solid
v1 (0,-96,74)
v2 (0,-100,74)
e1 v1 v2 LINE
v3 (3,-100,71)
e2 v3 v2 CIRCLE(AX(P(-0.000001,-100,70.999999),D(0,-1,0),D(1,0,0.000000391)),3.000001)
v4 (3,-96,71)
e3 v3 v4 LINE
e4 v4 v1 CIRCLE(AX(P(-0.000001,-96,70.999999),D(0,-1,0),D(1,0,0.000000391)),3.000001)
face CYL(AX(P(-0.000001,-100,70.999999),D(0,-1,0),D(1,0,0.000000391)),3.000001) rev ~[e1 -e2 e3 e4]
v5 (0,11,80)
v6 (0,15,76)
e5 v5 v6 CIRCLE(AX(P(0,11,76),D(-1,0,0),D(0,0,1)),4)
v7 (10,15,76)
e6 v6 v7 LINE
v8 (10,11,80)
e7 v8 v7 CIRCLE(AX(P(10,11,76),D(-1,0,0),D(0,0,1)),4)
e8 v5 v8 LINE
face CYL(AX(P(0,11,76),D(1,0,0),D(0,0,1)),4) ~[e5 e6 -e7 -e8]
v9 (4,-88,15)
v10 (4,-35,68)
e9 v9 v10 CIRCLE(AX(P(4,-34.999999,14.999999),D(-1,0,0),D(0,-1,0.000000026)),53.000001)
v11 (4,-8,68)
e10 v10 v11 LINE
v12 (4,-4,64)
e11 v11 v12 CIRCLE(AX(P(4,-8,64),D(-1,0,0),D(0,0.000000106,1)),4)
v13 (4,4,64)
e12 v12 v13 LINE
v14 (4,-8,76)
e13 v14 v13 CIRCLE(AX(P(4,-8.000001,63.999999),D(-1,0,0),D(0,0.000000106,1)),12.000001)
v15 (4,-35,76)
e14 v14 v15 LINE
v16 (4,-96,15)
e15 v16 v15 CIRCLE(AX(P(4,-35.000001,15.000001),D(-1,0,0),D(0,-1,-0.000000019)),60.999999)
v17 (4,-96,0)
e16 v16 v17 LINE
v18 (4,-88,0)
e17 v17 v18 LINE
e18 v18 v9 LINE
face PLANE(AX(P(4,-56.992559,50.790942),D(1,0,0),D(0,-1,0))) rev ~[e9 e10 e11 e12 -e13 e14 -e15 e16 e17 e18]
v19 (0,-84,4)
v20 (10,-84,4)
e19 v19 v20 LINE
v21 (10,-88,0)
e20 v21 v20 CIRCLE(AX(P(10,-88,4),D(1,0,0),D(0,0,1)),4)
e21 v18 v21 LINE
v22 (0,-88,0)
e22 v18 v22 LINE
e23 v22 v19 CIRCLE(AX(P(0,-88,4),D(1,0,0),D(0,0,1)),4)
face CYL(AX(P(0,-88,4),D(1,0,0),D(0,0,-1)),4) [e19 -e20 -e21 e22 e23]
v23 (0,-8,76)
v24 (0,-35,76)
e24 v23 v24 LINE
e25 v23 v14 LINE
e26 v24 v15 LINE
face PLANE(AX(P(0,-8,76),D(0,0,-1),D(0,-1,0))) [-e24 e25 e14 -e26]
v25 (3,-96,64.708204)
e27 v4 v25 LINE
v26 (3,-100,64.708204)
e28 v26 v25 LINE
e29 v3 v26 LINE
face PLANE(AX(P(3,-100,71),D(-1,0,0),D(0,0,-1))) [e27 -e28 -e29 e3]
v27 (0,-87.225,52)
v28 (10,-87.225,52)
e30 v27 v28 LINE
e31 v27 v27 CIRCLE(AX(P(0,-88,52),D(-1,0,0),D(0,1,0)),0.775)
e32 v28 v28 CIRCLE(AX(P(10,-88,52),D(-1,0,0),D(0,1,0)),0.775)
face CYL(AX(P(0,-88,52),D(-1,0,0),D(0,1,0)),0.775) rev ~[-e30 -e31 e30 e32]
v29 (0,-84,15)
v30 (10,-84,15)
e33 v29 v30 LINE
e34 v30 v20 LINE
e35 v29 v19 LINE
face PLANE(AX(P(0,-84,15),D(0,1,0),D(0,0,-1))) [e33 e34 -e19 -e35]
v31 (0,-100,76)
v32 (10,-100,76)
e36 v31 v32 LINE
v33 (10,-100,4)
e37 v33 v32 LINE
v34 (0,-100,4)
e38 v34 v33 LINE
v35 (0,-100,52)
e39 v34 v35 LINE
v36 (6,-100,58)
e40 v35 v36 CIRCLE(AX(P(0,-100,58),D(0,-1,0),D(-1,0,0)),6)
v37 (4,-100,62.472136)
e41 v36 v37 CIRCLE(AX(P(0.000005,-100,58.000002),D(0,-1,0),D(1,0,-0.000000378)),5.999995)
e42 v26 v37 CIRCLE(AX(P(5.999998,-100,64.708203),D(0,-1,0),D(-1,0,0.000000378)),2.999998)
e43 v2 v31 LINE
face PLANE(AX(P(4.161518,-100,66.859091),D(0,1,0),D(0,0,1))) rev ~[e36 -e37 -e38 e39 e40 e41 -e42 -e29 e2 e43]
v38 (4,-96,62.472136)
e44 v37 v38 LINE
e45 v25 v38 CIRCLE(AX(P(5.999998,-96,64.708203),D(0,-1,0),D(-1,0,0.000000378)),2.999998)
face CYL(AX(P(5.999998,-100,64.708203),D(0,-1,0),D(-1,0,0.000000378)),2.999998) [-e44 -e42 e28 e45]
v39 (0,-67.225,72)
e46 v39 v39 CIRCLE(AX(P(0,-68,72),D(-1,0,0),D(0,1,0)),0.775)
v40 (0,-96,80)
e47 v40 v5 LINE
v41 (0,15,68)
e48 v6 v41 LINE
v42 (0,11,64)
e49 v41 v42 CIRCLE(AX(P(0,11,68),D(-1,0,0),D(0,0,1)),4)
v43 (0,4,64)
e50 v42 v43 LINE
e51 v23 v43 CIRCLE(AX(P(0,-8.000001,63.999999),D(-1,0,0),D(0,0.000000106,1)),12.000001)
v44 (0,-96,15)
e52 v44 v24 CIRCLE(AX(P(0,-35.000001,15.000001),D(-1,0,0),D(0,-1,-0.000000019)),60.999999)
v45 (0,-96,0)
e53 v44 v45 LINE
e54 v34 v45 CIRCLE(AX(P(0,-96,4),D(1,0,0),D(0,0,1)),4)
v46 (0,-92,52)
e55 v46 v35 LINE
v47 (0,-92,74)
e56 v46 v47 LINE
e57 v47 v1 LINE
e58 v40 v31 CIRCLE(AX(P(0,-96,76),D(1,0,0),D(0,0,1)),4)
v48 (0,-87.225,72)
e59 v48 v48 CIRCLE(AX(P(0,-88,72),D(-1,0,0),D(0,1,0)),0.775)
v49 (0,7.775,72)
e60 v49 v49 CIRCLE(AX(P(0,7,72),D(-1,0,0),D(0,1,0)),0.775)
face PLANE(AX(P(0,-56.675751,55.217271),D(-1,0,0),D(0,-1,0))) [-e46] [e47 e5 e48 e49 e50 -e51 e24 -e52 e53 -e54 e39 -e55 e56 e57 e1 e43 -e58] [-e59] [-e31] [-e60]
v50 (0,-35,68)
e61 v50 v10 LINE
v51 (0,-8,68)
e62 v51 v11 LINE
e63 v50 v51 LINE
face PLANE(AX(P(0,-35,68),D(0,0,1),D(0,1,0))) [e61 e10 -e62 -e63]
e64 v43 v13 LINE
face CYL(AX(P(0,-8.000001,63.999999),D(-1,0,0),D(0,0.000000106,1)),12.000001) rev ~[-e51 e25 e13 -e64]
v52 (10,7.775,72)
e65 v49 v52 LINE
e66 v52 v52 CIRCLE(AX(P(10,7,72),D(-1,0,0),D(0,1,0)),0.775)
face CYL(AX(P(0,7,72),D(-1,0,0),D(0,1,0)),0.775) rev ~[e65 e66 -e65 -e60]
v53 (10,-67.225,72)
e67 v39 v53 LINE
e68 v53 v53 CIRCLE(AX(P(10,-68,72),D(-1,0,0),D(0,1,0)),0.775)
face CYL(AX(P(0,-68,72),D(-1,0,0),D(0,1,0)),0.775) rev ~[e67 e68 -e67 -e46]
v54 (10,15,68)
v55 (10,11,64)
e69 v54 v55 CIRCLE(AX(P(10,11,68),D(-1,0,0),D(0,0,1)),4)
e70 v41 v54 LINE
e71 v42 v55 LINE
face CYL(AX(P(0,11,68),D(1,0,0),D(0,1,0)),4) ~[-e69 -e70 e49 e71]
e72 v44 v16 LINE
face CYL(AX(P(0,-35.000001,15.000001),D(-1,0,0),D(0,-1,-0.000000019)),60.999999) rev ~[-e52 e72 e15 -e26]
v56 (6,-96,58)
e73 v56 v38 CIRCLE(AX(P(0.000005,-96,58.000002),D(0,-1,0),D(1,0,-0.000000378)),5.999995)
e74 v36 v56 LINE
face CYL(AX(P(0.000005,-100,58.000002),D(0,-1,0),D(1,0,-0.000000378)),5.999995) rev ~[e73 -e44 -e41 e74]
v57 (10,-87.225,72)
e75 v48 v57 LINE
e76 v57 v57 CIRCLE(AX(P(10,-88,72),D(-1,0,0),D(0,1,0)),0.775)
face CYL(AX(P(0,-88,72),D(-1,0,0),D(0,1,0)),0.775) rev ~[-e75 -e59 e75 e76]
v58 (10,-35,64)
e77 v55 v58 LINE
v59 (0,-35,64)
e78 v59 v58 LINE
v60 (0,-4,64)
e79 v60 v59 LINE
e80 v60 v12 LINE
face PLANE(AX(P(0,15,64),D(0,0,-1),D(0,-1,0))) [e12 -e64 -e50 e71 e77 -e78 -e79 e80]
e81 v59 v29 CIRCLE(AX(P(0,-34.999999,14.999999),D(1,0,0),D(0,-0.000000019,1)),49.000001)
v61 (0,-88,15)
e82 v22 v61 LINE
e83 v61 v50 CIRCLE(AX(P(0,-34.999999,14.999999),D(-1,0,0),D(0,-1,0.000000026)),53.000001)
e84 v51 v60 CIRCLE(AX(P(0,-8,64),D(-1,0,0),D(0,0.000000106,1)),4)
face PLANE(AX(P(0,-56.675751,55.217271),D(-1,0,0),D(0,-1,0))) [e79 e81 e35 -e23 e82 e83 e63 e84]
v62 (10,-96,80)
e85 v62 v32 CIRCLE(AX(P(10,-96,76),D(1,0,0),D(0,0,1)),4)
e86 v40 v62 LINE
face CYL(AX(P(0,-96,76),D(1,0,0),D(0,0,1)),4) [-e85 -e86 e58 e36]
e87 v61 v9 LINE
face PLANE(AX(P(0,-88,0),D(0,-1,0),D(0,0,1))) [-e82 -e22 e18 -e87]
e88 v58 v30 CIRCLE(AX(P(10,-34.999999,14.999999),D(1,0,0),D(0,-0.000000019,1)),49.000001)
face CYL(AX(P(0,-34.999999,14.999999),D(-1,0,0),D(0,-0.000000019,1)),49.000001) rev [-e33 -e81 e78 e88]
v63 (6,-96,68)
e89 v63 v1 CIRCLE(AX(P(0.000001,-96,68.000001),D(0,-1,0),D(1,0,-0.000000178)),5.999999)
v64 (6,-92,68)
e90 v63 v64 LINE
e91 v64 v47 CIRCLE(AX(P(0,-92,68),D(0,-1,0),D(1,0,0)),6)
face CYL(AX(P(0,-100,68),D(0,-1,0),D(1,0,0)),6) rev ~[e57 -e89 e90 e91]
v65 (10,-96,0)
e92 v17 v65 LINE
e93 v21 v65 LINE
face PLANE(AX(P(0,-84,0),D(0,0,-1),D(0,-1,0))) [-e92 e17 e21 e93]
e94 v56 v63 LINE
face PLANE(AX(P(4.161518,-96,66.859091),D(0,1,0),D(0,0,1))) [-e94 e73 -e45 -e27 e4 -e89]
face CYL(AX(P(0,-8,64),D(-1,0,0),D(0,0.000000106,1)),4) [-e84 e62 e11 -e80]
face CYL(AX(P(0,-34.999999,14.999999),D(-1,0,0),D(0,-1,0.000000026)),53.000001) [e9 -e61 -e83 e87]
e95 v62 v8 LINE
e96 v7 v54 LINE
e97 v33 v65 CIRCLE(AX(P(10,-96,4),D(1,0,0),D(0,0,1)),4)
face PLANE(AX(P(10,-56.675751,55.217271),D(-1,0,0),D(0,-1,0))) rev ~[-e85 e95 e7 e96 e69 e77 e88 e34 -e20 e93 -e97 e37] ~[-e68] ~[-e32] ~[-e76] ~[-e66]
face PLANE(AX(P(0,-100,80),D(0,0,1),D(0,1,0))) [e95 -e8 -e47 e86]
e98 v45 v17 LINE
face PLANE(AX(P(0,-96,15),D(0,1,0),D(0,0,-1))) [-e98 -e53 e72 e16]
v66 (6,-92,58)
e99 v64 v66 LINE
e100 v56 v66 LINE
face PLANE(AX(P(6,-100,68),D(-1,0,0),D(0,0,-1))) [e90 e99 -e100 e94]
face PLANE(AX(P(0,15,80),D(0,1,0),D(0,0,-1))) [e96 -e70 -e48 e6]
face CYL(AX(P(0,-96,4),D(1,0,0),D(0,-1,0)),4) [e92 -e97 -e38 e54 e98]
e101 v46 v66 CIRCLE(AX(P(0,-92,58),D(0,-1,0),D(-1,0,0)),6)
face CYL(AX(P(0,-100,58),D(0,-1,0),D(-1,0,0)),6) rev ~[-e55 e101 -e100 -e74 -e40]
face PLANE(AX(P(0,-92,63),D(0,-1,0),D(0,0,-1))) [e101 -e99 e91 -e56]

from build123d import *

# Parameters (mm, degrees)
PAD003_DEPTH    = 10
POCKET003_DEPTH = 4
SKETCH008_R     = 0.775
POCKET004_DEPTH = 10.001
FILLET_R        = 4
POCKET005_DEPTH = 8
PAD004_DEPTH    = 4


with BuildPart() as part:
    # Sketch006 → Pad003 (new body)
    with BuildSketch(Plane.YZ):
        with BuildLine():
            Line((-100, 80), (15, 80))
            Line((15, 80), (15, 64))
            Line((15, 64), (-35, 64))
            ThreePointArc((-35, 64), (-69.648232, 49.648232), (-84, 15))
            Line((-84, 15), (-84, 0))
            Line((-84, 0), (-100, 0))
            Line((-100, 0), (-100, 80))
        make_face()
    extrude(amount=PAD003_DEPTH)

    # Sketch007 (on Face8 of Pad003) → Pocket003 (cut)
    with BuildSketch(Plane(origin=(0, 0, 0), x_dir=(0, 1, 0), z_dir=(-1, 0, 0))):
        with BuildLine():
            Line((-88, 0), (-88, -15))
            ThreePointArc((-88, -15), (-72.476659, -52.476659), (-35, -68))
            Line((-35, -68), (-8, -68))
            ThreePointArc((-8, -68), (-5.171573, -66.828427), (-4, -64))
            Line((-4, -64), (4, -64))
            ThreePointArc((-8, -76), (0.485281, -72.485281), (4, -64))
            Line((-8, -76), (-35, -76))
            ThreePointArc((-96, -15), (-78.133514, -58.133514), (-35, -76))
            Line((-96, -15), (-96, 0))
            Line((-96, 0), (-88, 0))
        make_face()
    extrude(amount=-POCKET003_DEPTH, mode=Mode.SUBTRACT)

    # Sketch008 (on Face4 of Pocket003) → Pocket004 (cut, through all)
    with BuildSketch(Plane(origin=(0, 0, 0), x_dir=(0, 1, 0), z_dir=(-1, 0, 0))):
        with Locations((-88, -52)):
            Circle(SKETCH008_R)
        with Locations((-68, -72)):
            Circle(SKETCH008_R)
        with Locations((-88, -72)):
            Circle(SKETCH008_R)
        with Locations((7, -72)):
            Circle(SKETCH008_R)
    extrude(amount=-POCKET004_DEPTH, mode=Mode.SUBTRACT)

    # Fillet
    fillet_edges = [part.edges().sort_by_distance(p)[0] for p in [
        (5, 15, 64),
        (5, 15, 80),
        (5, -100, 80),
        (5, -100, 0),
        (5, -84, 0),
    ]]
    fillet(fillet_edges, radius=FILLET_R)

    # Sketch009 (on Face6 of Fillet) → Pocket005 (cut)
    with BuildSketch(Plane(origin=(0, -100, 0), x_dir=(0, 0, -1), z_dir=(0, -1, 0))):
        with BuildLine():
            ThreePointArc((-68, 6), (-74, 0), (-68, -6))
            Line((-68, -6), (-58, -6))
            ThreePointArc((-58, -6), (-52, 0), (-58, 6))
            Line((-68, 6), (-58, 6))
        make_face()
    extrude(amount=-POCKET005_DEPTH, mode=Mode.SUBTRACT)

    # Sketch010 (on Face14 of Pocket005) → Pad004 (join)
    with BuildSketch(Plane(origin=(0, -100, 0), x_dir=(0, 0, -1), z_dir=(0, -1, 0))):
        with BuildLine():
            ThreePointArc((-71, 3), (-73.12132, 2.12132), (-74, 0))
            ThreePointArc((-68, 6), (-72.242641, 4.242641), (-74, 0))
            Line((-58, 6), (-68, 6))
            ThreePointArc((-58, 6), (-60.44949, 5.477226), (-62.472136, 4))
            ThreePointArc((-64.708204, 3), (-63.483459, 3.261387), (-62.472136, 4))
            Line((-71, 3), (-64.708204, 3))
        make_face()
    extrude(amount=-PAD004_DEPTH)


solid = part.part
